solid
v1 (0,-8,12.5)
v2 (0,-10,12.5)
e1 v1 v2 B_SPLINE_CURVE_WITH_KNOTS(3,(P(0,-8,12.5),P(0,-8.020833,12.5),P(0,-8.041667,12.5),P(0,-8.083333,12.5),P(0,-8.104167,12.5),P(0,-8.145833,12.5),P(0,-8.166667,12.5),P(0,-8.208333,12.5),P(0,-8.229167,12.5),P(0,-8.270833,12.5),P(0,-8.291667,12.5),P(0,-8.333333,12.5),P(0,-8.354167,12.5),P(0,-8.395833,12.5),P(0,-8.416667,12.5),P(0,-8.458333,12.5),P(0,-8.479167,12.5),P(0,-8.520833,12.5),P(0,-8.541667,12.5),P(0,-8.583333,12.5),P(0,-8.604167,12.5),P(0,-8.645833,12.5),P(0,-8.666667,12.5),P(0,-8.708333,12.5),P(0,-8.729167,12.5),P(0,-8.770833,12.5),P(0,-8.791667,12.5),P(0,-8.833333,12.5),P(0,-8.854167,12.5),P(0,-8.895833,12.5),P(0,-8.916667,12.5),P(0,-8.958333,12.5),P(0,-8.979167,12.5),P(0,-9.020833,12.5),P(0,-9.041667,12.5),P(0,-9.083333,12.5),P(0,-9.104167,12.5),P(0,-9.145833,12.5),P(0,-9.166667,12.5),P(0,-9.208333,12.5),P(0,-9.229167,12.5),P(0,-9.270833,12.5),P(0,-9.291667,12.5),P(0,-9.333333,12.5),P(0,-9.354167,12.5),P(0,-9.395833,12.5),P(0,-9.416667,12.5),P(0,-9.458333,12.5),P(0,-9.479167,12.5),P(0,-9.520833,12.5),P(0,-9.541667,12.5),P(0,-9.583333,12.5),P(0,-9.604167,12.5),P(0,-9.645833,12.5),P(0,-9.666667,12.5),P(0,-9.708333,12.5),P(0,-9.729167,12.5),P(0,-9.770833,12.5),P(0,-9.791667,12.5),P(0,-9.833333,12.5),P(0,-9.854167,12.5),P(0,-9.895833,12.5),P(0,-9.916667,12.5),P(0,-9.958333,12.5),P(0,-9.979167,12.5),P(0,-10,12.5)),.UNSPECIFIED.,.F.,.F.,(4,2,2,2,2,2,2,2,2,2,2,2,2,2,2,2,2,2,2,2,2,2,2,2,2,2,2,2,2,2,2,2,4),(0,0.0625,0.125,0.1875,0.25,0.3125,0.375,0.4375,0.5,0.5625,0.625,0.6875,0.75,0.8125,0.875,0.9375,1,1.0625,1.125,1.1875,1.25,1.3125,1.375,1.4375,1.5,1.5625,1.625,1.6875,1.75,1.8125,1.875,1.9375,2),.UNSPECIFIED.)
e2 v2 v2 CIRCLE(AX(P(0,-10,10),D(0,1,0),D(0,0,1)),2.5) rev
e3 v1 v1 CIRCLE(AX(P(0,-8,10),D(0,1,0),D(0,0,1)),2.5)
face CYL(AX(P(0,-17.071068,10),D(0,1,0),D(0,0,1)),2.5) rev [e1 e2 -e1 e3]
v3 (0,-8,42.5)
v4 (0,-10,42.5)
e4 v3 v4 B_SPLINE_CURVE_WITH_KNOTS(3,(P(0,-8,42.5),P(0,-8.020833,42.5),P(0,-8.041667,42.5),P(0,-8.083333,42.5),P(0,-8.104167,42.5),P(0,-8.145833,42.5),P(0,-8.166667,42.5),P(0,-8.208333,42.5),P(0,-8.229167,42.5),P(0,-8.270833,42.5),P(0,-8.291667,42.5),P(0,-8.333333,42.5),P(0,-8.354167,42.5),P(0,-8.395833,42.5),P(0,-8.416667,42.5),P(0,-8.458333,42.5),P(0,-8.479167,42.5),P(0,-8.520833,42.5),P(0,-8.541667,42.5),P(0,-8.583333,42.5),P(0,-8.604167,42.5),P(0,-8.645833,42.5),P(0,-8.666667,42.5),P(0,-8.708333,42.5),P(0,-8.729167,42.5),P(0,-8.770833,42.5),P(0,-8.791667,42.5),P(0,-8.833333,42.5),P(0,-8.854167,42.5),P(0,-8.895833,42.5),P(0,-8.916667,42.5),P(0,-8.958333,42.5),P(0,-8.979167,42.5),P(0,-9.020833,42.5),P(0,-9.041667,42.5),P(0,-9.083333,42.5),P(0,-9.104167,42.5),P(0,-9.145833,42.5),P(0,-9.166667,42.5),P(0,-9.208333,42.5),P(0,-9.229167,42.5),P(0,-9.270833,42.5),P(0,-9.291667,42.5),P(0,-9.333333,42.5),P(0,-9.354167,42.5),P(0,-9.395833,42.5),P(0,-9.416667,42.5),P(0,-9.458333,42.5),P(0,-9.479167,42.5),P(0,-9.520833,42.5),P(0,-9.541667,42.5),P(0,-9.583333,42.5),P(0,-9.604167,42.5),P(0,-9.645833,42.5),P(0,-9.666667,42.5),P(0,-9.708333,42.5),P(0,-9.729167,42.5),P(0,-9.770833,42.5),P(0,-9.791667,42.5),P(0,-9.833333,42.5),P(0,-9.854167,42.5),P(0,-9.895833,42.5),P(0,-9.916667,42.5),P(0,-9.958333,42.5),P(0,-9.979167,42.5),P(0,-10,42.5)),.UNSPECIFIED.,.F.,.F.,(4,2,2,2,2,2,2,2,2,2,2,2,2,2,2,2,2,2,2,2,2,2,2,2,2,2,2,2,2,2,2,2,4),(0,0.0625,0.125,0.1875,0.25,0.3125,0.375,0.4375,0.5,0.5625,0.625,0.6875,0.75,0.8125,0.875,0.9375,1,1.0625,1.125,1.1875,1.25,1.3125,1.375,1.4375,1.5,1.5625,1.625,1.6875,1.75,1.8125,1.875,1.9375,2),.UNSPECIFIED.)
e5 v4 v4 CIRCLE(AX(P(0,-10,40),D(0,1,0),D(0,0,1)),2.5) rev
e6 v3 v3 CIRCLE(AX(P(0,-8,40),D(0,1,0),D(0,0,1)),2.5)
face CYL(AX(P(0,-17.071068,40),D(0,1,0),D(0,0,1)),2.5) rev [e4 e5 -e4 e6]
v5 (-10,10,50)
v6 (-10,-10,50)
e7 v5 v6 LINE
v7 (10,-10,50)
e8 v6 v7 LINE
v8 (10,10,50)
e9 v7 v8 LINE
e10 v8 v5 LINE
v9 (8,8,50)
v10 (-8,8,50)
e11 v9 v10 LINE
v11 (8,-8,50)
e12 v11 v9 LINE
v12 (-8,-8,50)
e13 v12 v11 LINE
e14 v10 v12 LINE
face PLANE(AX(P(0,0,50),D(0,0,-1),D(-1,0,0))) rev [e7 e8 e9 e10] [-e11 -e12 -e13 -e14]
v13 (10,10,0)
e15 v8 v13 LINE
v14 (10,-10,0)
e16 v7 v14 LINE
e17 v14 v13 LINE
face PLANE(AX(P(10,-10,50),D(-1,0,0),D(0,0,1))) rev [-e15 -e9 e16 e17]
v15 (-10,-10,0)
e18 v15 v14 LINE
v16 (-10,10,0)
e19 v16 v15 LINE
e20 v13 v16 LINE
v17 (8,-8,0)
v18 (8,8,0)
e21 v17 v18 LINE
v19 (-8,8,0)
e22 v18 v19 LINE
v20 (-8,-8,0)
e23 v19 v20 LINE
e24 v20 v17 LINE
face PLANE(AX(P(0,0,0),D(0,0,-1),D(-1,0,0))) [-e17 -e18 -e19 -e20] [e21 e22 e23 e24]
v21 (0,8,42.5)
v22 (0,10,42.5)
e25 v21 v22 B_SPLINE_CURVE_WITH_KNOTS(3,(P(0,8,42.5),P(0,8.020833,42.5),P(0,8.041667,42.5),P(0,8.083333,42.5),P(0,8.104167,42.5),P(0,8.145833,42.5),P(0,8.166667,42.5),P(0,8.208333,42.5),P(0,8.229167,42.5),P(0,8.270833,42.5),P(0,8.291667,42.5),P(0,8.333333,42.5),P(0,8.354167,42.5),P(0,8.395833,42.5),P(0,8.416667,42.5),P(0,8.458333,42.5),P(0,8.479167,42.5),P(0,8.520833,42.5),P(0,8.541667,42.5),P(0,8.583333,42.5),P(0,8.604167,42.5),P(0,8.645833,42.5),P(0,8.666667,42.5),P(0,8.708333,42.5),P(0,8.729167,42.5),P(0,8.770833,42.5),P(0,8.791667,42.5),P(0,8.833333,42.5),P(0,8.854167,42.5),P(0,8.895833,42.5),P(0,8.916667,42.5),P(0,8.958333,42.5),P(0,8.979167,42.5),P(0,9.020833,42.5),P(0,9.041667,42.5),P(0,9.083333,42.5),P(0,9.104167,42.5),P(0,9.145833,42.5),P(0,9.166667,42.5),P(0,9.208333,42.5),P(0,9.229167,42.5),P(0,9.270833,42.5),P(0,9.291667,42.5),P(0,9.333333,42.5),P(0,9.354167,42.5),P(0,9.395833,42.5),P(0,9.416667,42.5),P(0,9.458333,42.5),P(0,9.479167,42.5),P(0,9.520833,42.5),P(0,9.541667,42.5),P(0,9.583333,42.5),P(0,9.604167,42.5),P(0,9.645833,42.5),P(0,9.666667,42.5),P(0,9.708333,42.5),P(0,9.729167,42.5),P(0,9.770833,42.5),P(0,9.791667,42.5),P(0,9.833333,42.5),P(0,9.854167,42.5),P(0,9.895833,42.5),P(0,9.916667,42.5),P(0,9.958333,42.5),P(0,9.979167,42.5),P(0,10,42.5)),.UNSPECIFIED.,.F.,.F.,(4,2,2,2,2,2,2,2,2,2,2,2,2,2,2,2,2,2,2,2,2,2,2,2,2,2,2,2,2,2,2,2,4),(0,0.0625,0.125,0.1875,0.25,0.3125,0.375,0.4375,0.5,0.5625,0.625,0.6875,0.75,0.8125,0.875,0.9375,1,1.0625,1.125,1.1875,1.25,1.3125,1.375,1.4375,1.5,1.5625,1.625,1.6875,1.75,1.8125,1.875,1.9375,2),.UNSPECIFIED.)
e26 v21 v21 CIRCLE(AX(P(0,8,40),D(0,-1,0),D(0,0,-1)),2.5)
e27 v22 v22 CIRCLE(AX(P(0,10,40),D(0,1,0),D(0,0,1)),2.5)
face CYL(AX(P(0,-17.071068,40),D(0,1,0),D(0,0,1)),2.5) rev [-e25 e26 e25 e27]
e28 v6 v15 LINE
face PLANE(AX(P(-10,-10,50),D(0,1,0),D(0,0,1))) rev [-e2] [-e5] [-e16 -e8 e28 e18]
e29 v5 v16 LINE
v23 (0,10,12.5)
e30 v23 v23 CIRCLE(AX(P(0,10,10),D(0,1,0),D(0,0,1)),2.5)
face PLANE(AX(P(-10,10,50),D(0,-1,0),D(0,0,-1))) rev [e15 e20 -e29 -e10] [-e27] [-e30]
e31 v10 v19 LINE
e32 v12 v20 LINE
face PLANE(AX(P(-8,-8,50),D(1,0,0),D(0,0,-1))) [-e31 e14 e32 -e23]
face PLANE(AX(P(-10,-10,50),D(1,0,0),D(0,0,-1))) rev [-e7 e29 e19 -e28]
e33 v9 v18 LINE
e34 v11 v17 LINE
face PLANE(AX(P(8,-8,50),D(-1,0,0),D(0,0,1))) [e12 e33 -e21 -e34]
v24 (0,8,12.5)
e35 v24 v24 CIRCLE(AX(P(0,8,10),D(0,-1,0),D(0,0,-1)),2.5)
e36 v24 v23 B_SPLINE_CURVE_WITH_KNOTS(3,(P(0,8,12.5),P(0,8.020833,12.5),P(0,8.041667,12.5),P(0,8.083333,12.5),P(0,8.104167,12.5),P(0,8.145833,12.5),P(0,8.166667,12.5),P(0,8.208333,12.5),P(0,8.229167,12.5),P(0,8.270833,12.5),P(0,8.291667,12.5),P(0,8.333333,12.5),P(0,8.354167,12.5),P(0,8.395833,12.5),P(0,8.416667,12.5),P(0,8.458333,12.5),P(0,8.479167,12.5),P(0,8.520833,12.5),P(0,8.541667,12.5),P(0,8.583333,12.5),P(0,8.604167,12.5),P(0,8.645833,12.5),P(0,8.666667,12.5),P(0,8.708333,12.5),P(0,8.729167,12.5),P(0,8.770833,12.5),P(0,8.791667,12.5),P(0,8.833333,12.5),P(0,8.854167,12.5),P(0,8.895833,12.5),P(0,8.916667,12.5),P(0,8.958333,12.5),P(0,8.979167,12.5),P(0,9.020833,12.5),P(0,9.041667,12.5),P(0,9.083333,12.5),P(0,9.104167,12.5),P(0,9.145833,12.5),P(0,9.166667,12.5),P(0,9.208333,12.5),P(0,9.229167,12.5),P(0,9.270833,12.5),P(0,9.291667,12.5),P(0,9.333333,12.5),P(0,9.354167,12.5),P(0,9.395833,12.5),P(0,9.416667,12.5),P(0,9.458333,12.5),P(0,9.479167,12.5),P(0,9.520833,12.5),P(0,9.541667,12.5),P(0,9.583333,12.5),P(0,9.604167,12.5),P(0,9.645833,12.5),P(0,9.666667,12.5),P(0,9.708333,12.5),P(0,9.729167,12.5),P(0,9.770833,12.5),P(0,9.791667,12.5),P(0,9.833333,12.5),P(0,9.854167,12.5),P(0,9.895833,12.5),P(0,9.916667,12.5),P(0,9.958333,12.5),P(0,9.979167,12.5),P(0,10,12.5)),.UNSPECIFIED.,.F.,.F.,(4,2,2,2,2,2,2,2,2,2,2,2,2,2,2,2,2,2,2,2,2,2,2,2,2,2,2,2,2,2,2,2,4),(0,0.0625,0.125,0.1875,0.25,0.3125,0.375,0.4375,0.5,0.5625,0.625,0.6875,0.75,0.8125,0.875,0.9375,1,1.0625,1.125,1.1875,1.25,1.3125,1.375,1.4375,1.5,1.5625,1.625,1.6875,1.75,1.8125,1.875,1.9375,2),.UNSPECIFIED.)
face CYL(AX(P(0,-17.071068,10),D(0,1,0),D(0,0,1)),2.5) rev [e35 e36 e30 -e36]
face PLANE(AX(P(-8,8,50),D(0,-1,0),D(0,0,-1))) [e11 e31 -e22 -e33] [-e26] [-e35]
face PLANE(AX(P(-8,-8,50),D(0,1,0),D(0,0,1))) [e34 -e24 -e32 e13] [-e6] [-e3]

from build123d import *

# Parameters (mm, degrees)
SKETCH_1_W          = 20
SKETCH_1_H          = 20
SKETCH_1_W_2        = 16
SKETCH_1_H_2        = 16
EXTRUDE_1_DEPTH     = 50
CUT_EXTRUDE_1_REACH = 56.772
SKETCH_2_R          = 2.5


with BuildPart() as part:
    # 草图1 → 凸台-拉伸1 (new body)
    with BuildSketch(Plane.XY):
        Rectangle(SKETCH_1_W, SKETCH_1_H)
        Rectangle(SKETCH_1_W_2, SKETCH_1_H_2, mode=Mode.SUBTRACT)
    extrude(amount=EXTRUDE_1_DEPTH)

    # 切除-拉伸1: up to this face of the body (flat: up to its plane)
    cut_extrude_1_end = Plane(part.part.faces().sort_by_distance((0, -10, 25))[0])
    # 草图2 → 切除-拉伸1 (cut, up to the picked face)
    with BuildSketch(Plane(origin=(0, 10, 0), x_dir=(1, 0, 0), z_dir=(0, 1, 0)), mode=Mode.PRIVATE) as cut_extrude_1_sk1:
        with Locations(Location((0, -10, 0), (0, 0, 270))):
            Circle(SKETCH_2_R)
    cut_extrude_1_tool1 = split(extrude(cut_extrude_1_sk1.sketch, amount=-CUT_EXTRUDE_1_REACH, mode=Mode.PRIVATE), bisect_by=cut_extrude_1_end, keep=Keep.BOTH, mode=Mode.PRIVATE)
    # 草图2 → 切除-拉伸1 (cut, up to the picked face)
    with BuildSketch(Plane(origin=(0, 10, 0), x_dir=(1, 0, 0), z_dir=(0, 1, 0)), mode=Mode.PRIVATE) as cut_extrude_1_sk2:
        with Locations(Location((0, -40, 0), (0, 0, 270))):
            Circle(SKETCH_2_R)
    cut_extrude_1_tool2 = split(extrude(cut_extrude_1_sk2.sketch, amount=-CUT_EXTRUDE_1_REACH, mode=Mode.PRIVATE), bisect_by=cut_extrude_1_end, keep=Keep.BOTH, mode=Mode.PRIVATE)
    add(cut_extrude_1_tool1.solids().sort_by(Axis((0, 10, 10), (0, -1, 0)))[0], mode=Mode.SUBTRACT)
    add(cut_extrude_1_tool2.solids().sort_by(Axis((0, 10, 40), (0, -1, 0)))[0], mode=Mode.SUBTRACT)


solid = part.part
